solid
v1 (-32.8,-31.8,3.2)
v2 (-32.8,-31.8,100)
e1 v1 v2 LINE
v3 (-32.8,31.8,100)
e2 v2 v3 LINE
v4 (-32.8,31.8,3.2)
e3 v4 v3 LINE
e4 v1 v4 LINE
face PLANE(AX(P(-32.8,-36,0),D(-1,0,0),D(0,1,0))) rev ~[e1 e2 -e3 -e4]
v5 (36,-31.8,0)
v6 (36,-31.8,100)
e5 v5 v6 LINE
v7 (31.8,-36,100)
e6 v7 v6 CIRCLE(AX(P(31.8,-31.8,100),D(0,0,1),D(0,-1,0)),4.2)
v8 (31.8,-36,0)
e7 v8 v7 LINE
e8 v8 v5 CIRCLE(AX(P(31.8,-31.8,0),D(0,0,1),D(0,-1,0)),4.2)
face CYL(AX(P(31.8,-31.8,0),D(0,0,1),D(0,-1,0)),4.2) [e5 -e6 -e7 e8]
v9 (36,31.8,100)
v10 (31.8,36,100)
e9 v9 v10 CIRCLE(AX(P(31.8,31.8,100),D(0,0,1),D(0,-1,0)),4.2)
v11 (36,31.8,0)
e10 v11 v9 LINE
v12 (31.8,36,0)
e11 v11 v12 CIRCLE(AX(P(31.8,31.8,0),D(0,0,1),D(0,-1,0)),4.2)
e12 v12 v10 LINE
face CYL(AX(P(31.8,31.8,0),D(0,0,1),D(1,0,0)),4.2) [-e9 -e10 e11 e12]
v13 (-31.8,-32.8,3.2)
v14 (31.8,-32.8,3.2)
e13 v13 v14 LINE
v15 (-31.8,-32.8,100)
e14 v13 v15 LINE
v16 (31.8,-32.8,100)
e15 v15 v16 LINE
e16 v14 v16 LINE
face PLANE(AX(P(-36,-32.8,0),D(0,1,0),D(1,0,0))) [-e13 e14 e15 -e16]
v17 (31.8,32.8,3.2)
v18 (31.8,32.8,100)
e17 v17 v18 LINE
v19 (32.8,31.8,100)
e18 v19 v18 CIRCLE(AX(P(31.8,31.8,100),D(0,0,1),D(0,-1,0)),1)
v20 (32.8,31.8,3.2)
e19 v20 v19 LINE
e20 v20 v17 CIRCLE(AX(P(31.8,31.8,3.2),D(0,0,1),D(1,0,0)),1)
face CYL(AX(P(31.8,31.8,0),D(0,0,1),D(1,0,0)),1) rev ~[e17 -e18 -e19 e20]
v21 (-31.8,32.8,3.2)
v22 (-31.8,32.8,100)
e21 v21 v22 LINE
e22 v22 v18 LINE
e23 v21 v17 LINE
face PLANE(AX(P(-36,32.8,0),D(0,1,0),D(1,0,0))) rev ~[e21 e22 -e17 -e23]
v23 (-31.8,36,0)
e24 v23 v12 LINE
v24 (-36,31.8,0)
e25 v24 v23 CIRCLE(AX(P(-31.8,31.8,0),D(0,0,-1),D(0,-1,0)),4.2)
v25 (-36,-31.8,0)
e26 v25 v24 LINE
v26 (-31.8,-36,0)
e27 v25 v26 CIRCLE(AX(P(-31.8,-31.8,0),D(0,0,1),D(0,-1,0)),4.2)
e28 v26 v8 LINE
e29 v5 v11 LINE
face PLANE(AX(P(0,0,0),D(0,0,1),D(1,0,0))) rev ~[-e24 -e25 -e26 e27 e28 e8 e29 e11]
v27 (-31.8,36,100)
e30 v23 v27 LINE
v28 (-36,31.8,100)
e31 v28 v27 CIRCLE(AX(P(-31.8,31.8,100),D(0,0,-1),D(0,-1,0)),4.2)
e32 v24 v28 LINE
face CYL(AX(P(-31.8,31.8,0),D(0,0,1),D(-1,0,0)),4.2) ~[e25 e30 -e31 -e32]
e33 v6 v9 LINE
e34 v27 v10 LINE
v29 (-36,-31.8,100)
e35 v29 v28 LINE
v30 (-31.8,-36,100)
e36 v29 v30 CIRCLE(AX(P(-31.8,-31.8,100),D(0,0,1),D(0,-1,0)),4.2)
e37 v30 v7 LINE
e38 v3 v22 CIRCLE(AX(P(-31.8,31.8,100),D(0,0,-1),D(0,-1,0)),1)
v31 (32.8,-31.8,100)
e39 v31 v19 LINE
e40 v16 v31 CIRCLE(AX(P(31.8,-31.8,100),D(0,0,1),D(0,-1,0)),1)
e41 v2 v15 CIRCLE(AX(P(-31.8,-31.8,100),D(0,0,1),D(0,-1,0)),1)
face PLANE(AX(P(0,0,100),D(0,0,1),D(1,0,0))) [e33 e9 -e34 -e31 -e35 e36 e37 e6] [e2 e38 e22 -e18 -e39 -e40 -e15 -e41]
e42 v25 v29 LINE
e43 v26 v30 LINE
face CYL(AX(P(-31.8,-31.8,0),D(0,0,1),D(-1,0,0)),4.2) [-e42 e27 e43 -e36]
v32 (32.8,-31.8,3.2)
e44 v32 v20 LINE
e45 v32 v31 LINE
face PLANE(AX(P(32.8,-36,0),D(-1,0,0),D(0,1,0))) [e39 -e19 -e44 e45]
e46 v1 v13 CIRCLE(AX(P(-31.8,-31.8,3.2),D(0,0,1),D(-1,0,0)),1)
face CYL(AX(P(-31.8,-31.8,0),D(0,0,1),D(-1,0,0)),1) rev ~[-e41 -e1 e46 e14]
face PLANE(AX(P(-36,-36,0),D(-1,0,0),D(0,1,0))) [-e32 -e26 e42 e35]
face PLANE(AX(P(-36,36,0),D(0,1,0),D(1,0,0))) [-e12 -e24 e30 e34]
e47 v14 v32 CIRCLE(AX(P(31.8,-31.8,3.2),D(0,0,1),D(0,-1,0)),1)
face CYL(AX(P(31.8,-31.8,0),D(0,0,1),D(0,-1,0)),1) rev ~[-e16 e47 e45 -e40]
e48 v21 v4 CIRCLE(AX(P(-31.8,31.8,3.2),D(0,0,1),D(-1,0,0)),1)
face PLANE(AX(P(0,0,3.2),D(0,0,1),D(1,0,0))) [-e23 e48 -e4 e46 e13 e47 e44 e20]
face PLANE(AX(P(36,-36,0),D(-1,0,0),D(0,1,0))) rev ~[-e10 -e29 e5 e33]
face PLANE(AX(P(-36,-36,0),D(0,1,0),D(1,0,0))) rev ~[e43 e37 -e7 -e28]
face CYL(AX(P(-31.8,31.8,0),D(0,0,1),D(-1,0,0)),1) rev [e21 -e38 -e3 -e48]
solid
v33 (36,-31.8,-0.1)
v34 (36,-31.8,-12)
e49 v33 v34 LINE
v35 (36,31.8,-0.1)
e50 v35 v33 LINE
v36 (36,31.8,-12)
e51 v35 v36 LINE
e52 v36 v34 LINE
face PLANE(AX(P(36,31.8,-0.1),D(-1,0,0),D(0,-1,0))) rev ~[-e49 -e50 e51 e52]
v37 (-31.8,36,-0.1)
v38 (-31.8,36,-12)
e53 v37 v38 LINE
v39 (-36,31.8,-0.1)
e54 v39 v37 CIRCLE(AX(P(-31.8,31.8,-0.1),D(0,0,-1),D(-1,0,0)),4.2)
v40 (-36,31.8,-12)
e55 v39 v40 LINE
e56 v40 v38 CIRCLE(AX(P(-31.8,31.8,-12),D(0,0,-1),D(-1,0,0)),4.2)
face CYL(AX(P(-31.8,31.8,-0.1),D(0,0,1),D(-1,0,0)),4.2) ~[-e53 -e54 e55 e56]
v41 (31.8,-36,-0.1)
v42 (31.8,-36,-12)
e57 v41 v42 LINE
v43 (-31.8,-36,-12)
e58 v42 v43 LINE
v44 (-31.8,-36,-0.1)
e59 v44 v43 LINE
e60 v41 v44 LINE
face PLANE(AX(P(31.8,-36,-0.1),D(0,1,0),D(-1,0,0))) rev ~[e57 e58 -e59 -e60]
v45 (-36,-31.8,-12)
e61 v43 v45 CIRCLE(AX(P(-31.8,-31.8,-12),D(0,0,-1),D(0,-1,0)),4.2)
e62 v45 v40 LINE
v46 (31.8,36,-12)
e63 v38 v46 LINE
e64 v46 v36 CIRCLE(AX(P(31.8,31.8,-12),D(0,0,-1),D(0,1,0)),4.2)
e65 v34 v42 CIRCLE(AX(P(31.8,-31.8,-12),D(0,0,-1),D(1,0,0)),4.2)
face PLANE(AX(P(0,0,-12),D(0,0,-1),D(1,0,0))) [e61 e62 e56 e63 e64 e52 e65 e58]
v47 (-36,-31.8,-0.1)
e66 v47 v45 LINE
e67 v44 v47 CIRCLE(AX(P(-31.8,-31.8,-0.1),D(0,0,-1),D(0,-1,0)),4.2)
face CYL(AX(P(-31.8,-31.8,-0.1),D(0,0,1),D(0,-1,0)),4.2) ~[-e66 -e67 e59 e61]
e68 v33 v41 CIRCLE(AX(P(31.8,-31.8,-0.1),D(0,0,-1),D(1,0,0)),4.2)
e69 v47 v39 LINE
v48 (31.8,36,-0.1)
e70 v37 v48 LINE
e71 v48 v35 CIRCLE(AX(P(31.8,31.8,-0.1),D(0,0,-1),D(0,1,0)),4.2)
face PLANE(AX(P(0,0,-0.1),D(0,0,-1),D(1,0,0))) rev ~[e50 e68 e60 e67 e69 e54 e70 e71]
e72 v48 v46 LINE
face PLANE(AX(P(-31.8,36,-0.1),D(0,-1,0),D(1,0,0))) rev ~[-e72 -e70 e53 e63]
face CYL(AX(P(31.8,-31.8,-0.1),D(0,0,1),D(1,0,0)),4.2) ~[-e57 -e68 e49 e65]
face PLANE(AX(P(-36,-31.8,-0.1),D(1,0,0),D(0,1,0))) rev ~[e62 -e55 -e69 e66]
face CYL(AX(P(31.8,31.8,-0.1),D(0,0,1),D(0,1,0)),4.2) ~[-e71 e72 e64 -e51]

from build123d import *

# Parameters (mm, degrees)
F0_W     = 72
F0_H     = 72
F1_DEPTH = 100
F2_R     = 4.2
F3_T     = -3.2
F5_START = 0.1
F5_DEPTH = 11.9


with BuildPart() as f1:
    # F0 (on Top) → F1 (new body)
    with BuildSketch(Plane.XY):
        Rectangle(F0_W, F0_H)
    extrude(amount=F1_DEPTH)

    # F2
    f2_edges = [f1.edges().sort_by_distance(p)[0] for p in [
        (-36, -36, 50),
        (36, -36, 50),
        (36, 36, 50),
        (-36, 36, 50),
    ]]
    fillet(f2_edges, radius=F2_R)

    # F3
    f3_openings = [f1.faces().sort_by_distance(p)[0] for p in [
        (0, 0, 100),
    ]]
    offset(amount=F3_T, openings=f3_openings)


with BuildPart() as f5:
    # F4 (on face) → F5 (new body)
    with BuildSketch(Plane(origin=(0, 0, 0), x_dir=(1, 0, 0), z_dir=(0, 0, -1)).offset(F5_START)):
        with BuildLine():
            ThreePointArc((31.8, -36), (34.769848481, -34.769848481), (36, -31.8))
            Line((36, -31.8), (36, 31.8))
            ThreePointArc((36, 31.8), (34.769848481, 34.769848481), (31.8, 36))
            Line((31.8, 36), (-31.8, 36))
            ThreePointArc((-31.8, 36), (-34.769848481, 34.769848481), (-36, 31.8))
            Line((-36, 31.8), (-36, -31.8))
            ThreePointArc((-36, -31.8), (-34.769848481, -34.769848481), (-31.8, -36))
            Line((-31.8, -36), (31.8, -36))
        make_face()
    extrude(amount=F5_DEPTH)


solid = Compound([f1.part, f5.part])
